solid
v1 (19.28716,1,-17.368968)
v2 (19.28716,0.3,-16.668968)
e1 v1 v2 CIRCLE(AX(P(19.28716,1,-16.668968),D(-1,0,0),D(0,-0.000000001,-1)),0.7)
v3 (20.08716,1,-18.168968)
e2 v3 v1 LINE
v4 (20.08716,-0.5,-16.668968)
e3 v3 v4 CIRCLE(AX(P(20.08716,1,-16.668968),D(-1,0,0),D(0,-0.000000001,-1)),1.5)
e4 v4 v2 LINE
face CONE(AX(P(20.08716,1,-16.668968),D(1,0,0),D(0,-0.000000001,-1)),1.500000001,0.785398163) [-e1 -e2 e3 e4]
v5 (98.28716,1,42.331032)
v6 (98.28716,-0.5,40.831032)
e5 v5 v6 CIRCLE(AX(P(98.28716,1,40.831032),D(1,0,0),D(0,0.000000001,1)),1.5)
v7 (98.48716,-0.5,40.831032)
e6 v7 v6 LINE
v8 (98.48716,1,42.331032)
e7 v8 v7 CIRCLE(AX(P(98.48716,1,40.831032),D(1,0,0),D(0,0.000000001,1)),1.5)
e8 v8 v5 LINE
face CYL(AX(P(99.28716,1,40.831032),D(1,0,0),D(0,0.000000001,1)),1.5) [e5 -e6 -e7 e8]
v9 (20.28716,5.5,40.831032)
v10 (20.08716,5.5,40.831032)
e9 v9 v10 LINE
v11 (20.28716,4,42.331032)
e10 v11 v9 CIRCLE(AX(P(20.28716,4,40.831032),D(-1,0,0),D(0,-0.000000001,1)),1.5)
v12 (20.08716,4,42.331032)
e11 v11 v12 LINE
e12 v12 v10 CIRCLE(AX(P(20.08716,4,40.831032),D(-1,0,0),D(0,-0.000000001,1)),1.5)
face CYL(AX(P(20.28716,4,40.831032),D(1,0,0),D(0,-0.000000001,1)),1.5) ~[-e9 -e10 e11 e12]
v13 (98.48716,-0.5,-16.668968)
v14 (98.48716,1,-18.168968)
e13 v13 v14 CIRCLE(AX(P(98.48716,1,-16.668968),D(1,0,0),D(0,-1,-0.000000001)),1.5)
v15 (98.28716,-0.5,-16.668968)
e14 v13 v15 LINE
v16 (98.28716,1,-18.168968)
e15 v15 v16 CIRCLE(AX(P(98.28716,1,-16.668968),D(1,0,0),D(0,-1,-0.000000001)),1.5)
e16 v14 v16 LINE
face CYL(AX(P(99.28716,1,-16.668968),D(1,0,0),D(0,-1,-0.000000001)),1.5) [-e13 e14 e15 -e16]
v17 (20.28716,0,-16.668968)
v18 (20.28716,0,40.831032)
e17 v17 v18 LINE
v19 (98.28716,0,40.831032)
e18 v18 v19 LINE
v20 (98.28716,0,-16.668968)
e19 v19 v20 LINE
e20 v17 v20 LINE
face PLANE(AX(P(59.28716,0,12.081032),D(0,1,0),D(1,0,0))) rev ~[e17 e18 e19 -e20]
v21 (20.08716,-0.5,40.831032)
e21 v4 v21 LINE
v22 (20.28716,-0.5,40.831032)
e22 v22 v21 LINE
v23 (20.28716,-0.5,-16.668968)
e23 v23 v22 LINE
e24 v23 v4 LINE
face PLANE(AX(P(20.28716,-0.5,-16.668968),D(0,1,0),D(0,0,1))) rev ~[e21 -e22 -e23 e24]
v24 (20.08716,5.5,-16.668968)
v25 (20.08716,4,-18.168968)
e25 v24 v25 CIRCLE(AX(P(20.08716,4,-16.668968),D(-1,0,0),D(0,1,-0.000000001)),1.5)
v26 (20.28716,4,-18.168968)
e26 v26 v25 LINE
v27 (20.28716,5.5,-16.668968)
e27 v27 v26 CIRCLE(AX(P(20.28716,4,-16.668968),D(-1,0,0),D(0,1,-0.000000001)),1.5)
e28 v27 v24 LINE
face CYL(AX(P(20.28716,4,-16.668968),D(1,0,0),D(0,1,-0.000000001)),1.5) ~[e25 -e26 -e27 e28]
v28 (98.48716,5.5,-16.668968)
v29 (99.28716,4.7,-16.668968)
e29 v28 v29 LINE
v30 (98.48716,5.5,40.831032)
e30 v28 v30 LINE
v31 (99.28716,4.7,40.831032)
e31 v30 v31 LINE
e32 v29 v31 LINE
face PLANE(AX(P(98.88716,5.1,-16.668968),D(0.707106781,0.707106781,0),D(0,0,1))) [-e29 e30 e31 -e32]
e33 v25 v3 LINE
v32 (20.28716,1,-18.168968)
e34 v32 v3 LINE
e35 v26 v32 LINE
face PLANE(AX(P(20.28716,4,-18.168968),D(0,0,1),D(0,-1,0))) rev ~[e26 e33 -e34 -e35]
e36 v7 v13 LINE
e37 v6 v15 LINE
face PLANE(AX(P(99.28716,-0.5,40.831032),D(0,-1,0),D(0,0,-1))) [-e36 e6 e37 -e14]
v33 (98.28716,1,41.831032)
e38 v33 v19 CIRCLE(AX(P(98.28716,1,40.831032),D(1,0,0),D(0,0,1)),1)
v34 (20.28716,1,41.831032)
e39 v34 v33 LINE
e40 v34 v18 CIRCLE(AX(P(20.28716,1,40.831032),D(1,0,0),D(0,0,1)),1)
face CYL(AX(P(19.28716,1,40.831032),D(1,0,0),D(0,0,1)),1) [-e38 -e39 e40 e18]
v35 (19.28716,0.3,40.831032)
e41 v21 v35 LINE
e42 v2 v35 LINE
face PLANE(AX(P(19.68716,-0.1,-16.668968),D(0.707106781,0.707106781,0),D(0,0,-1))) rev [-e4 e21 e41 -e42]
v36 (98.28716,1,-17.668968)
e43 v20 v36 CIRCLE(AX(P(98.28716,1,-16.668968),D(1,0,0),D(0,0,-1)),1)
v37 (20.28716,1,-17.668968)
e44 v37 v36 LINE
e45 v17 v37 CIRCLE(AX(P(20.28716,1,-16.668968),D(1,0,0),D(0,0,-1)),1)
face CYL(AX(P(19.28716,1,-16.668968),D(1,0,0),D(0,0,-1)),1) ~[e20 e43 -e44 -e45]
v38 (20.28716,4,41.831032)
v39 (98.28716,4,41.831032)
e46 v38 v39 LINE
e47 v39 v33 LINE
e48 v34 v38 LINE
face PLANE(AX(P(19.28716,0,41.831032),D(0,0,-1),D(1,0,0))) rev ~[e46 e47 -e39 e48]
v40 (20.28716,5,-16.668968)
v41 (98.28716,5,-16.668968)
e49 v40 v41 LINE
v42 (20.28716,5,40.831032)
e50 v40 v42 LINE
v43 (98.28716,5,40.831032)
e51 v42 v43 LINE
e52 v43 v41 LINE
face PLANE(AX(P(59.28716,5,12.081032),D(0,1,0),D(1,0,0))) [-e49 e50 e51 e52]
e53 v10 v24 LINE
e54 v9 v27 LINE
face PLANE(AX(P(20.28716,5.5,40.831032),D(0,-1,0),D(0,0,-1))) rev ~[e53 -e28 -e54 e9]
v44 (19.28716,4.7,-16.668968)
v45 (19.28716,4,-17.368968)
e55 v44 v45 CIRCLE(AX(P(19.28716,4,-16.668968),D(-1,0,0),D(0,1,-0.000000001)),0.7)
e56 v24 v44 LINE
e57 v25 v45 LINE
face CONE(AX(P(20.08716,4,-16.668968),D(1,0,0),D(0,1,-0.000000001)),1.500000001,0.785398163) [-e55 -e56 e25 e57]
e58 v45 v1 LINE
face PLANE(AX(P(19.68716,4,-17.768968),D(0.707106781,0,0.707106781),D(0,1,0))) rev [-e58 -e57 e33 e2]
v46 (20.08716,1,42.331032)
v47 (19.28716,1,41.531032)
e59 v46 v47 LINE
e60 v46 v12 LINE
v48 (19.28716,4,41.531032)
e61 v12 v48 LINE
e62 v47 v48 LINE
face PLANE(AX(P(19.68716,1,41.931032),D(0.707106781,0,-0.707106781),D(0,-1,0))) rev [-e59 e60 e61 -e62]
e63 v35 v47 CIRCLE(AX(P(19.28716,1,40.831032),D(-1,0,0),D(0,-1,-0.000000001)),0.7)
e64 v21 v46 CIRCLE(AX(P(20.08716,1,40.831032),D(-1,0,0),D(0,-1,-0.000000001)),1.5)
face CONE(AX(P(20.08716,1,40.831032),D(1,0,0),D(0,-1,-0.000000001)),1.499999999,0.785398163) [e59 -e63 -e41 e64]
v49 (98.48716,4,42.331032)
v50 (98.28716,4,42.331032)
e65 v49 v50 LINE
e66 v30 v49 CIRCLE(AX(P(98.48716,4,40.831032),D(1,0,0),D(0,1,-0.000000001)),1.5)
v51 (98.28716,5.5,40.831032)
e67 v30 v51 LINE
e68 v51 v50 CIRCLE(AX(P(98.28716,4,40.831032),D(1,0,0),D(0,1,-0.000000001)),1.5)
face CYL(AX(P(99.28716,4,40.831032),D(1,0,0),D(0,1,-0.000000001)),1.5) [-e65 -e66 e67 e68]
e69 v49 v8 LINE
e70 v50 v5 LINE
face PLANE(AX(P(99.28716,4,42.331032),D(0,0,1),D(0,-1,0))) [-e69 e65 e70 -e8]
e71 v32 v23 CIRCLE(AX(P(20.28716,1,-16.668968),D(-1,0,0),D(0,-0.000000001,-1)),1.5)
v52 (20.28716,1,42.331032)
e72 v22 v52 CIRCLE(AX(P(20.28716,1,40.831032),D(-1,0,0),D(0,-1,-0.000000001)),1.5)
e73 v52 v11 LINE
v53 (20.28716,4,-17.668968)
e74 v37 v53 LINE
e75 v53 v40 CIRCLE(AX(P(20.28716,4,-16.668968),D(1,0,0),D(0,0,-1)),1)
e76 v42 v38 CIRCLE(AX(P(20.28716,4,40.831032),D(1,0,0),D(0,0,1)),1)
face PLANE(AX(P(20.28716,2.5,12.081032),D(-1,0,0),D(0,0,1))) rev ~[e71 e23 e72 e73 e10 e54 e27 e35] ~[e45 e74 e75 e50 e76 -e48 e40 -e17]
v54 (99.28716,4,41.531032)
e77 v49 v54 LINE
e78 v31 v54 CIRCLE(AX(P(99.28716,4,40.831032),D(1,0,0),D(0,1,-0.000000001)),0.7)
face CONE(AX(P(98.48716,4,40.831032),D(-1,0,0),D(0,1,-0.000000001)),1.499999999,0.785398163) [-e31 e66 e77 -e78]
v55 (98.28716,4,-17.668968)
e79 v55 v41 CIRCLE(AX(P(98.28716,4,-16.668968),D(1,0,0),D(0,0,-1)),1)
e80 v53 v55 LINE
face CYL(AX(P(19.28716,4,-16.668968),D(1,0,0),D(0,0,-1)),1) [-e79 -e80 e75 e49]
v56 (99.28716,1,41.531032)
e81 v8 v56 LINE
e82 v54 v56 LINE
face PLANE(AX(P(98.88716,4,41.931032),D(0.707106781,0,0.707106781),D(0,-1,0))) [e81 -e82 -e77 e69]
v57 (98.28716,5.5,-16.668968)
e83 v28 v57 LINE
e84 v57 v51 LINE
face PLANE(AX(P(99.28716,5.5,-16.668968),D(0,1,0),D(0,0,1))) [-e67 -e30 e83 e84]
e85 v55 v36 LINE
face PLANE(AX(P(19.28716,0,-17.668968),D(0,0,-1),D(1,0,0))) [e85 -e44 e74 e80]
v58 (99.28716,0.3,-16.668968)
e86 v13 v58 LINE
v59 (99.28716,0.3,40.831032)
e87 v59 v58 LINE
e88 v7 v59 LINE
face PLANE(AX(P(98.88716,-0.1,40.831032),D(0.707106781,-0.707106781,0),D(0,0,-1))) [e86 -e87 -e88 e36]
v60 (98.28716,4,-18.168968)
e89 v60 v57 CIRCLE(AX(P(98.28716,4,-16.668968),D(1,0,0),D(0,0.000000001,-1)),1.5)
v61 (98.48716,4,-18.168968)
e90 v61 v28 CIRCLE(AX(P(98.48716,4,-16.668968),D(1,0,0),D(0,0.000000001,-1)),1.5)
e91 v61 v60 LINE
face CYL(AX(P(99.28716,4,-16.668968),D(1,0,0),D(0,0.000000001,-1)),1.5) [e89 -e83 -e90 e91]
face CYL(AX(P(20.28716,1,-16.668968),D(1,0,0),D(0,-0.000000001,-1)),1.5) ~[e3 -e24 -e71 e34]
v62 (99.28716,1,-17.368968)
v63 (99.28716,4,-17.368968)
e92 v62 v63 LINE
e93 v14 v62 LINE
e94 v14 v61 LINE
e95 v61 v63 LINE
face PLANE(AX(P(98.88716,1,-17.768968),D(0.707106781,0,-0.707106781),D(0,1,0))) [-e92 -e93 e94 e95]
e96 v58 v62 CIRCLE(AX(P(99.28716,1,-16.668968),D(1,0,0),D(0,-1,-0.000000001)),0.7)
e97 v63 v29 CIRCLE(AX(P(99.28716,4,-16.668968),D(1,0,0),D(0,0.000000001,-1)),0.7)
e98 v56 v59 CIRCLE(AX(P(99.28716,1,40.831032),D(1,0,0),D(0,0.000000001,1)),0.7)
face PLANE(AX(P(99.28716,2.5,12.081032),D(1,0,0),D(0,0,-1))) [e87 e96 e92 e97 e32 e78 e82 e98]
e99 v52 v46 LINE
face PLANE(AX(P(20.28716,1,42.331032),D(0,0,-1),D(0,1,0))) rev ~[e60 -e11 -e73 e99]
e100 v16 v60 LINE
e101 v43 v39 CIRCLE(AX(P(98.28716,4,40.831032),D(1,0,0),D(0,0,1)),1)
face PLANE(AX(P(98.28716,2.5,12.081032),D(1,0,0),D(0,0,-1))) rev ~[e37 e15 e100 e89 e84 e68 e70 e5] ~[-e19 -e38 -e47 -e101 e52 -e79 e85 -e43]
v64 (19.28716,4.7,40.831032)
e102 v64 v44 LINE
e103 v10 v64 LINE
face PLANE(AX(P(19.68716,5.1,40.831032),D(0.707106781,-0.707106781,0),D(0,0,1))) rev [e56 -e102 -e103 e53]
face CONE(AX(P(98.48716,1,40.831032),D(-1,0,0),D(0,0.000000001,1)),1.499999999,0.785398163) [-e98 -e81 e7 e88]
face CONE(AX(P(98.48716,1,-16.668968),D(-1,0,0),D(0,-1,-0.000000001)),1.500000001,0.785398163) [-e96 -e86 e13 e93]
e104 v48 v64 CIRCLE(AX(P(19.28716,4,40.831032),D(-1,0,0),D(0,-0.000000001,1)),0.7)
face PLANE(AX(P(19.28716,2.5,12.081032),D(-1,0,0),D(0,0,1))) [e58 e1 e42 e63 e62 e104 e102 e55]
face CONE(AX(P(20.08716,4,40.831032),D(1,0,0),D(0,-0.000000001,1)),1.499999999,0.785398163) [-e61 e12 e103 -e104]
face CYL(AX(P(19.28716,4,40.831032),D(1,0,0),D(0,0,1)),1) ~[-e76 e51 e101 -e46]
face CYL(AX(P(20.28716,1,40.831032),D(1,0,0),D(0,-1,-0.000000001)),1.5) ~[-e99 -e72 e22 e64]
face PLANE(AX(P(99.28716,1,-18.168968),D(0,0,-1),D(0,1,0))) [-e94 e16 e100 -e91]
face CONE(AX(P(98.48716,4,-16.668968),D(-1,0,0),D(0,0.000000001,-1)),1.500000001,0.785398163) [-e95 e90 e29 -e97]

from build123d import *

# Parameters (mm, degrees)
SKETCH_1_W      = 80
SKETCH_1_H      = 59.5
EXTRUDE_1_DEPTH = 5
FILLET_1_R      = 1
EXTRUDE_2_DEPTH = 1
CHAMFER_1_SIZE  = 0.8
EXTRUDE_START   = -1
EXTRUDE_3_DEPTH = 1
CHAMFER_2_SIZE  = 0.8


with BuildPart() as part:
    # 草图1 → 凸台-拉伸1 (new body)
    with BuildSketch(Plane(origin=(0, 0, 0), x_dir=(1, 0, 0), z_dir=(0, 1, 0))):
        with Locations((59.287159713, -12.081031523)):
            Rectangle(SKETCH_1_W, SKETCH_1_H)
    extrude(amount=EXTRUDE_1_DEPTH)

    # 圆角1
    fillet_1_edges = [part.edges().sort_by_distance(p)[0] for p in [
        (59.287159713, 5, -17.668968477),
        (59.287159713, 0, -17.668968477),
        (59.287159713, 0, 41.831031523),
        (59.287159713, 5, 41.831031523),
    ]]
    fillet(fillet_1_edges, radius=FILLET_1_R)

    # 草图2 → 凸台-拉伸2 (add)
    with BuildSketch(Plane(origin=(99.287159713, 0, 0), x_dir=(0, 0, -1), z_dir=(1, 0, 0))):
        with BuildLine():
            Line((16.668968477, 5.5), (-40.831031523, 5.5))
            ThreePointArc((-40.831031523, 5.5), (-41.891691695, 5.060660172), (-42.331031523, 4))
            Line((-42.331031523, 4), (-42.331031523, 1))
            ThreePointArc((-42.331031523, 1), (-41.891691695, -0.060660172), (-40.831031523, -0.5))
            Line((-40.831031523, -0.5), (16.668968477, -0.5))
            ThreePointArc((16.668968477, -0.5), (17.729628648, -0.060660172), (18.168968477, 1))
            Line((18.168968477, 1), (18.168968477, 4))
            ThreePointArc((18.168968477, 4), (17.729628648, 5.060660172), (16.668968477, 5.5))
        make_face()
    extrude(amount=-EXTRUDE_2_DEPTH)

    # 倒角1
    chamfer_1_edges = [part.edges().sort_by_distance(p)[0] for p in [
        (99.287159713, 5.060660172, -17.729628648),
        (99.287159713, 5.5, 12.081031523),
        (99.287159713, 5.060660172, 41.891691695),
        (99.287159713, 2.5, 42.331031523),
        (99.287159713, -0.060660172, 41.891691695),
        (99.287159713, -0.5, 12.081031523),
        (99.287159713, -0.060660172, -17.729628648),
        (99.287159713, 2.5, -18.168968477),
    ]]
    chamfer(chamfer_1_edges, length=CHAMFER_1_SIZE)

    # 草图3 → 凸台-拉伸3 (add)
    with BuildSketch(Plane.ZY.offset(-19.287159713).offset(EXTRUDE_START)):
        with BuildLine():
            Line((40.831031523, 5.5), (-16.668968477, 5.5))
            ThreePointArc((-16.668968477, 5.5), (-17.729628648, 5.060660172), (-18.168968477, 4))
            Line((-18.168968477, 4), (-18.168968477, 1))
            ThreePointArc((-18.168968477, 1), (-17.729628648, -0.060660172), (-16.668968477, -0.5))
            Line((-16.668968477, -0.5), (40.831031523, -0.5))
            ThreePointArc((40.831031523, -0.5), (41.891691695, -0.060660172), (42.331031523, 1))
            Line((42.331031523, 1), (42.331031523, 4))
            ThreePointArc((42.331031523, 4), (41.891691695, 5.060660172), (40.831031523, 5.5))
        make_face()
    extrude(amount=EXTRUDE_3_DEPTH)

    # 倒角2
    chamfer_2_edges = [part.edges().sort_by_distance(p)[0] for p in [
        (19.287159713, 5.060660172, 41.891691695),
        (19.287159713, 5.5, 12.081031523),
        (19.287159713, 5.060660172, -17.729628648),
        (19.287159713, 2.5, -18.168968477),
        (19.287159713, -0.060660172, -17.729628648),
        (19.287159713, -0.5, 12.081031523),
        (19.287159713, -0.060660172, 41.891691695),
        (19.287159713, 2.5, 42.331031523),
    ]]
    chamfer(chamfer_2_edges, length=CHAMFER_2_SIZE)


solid = part.part
